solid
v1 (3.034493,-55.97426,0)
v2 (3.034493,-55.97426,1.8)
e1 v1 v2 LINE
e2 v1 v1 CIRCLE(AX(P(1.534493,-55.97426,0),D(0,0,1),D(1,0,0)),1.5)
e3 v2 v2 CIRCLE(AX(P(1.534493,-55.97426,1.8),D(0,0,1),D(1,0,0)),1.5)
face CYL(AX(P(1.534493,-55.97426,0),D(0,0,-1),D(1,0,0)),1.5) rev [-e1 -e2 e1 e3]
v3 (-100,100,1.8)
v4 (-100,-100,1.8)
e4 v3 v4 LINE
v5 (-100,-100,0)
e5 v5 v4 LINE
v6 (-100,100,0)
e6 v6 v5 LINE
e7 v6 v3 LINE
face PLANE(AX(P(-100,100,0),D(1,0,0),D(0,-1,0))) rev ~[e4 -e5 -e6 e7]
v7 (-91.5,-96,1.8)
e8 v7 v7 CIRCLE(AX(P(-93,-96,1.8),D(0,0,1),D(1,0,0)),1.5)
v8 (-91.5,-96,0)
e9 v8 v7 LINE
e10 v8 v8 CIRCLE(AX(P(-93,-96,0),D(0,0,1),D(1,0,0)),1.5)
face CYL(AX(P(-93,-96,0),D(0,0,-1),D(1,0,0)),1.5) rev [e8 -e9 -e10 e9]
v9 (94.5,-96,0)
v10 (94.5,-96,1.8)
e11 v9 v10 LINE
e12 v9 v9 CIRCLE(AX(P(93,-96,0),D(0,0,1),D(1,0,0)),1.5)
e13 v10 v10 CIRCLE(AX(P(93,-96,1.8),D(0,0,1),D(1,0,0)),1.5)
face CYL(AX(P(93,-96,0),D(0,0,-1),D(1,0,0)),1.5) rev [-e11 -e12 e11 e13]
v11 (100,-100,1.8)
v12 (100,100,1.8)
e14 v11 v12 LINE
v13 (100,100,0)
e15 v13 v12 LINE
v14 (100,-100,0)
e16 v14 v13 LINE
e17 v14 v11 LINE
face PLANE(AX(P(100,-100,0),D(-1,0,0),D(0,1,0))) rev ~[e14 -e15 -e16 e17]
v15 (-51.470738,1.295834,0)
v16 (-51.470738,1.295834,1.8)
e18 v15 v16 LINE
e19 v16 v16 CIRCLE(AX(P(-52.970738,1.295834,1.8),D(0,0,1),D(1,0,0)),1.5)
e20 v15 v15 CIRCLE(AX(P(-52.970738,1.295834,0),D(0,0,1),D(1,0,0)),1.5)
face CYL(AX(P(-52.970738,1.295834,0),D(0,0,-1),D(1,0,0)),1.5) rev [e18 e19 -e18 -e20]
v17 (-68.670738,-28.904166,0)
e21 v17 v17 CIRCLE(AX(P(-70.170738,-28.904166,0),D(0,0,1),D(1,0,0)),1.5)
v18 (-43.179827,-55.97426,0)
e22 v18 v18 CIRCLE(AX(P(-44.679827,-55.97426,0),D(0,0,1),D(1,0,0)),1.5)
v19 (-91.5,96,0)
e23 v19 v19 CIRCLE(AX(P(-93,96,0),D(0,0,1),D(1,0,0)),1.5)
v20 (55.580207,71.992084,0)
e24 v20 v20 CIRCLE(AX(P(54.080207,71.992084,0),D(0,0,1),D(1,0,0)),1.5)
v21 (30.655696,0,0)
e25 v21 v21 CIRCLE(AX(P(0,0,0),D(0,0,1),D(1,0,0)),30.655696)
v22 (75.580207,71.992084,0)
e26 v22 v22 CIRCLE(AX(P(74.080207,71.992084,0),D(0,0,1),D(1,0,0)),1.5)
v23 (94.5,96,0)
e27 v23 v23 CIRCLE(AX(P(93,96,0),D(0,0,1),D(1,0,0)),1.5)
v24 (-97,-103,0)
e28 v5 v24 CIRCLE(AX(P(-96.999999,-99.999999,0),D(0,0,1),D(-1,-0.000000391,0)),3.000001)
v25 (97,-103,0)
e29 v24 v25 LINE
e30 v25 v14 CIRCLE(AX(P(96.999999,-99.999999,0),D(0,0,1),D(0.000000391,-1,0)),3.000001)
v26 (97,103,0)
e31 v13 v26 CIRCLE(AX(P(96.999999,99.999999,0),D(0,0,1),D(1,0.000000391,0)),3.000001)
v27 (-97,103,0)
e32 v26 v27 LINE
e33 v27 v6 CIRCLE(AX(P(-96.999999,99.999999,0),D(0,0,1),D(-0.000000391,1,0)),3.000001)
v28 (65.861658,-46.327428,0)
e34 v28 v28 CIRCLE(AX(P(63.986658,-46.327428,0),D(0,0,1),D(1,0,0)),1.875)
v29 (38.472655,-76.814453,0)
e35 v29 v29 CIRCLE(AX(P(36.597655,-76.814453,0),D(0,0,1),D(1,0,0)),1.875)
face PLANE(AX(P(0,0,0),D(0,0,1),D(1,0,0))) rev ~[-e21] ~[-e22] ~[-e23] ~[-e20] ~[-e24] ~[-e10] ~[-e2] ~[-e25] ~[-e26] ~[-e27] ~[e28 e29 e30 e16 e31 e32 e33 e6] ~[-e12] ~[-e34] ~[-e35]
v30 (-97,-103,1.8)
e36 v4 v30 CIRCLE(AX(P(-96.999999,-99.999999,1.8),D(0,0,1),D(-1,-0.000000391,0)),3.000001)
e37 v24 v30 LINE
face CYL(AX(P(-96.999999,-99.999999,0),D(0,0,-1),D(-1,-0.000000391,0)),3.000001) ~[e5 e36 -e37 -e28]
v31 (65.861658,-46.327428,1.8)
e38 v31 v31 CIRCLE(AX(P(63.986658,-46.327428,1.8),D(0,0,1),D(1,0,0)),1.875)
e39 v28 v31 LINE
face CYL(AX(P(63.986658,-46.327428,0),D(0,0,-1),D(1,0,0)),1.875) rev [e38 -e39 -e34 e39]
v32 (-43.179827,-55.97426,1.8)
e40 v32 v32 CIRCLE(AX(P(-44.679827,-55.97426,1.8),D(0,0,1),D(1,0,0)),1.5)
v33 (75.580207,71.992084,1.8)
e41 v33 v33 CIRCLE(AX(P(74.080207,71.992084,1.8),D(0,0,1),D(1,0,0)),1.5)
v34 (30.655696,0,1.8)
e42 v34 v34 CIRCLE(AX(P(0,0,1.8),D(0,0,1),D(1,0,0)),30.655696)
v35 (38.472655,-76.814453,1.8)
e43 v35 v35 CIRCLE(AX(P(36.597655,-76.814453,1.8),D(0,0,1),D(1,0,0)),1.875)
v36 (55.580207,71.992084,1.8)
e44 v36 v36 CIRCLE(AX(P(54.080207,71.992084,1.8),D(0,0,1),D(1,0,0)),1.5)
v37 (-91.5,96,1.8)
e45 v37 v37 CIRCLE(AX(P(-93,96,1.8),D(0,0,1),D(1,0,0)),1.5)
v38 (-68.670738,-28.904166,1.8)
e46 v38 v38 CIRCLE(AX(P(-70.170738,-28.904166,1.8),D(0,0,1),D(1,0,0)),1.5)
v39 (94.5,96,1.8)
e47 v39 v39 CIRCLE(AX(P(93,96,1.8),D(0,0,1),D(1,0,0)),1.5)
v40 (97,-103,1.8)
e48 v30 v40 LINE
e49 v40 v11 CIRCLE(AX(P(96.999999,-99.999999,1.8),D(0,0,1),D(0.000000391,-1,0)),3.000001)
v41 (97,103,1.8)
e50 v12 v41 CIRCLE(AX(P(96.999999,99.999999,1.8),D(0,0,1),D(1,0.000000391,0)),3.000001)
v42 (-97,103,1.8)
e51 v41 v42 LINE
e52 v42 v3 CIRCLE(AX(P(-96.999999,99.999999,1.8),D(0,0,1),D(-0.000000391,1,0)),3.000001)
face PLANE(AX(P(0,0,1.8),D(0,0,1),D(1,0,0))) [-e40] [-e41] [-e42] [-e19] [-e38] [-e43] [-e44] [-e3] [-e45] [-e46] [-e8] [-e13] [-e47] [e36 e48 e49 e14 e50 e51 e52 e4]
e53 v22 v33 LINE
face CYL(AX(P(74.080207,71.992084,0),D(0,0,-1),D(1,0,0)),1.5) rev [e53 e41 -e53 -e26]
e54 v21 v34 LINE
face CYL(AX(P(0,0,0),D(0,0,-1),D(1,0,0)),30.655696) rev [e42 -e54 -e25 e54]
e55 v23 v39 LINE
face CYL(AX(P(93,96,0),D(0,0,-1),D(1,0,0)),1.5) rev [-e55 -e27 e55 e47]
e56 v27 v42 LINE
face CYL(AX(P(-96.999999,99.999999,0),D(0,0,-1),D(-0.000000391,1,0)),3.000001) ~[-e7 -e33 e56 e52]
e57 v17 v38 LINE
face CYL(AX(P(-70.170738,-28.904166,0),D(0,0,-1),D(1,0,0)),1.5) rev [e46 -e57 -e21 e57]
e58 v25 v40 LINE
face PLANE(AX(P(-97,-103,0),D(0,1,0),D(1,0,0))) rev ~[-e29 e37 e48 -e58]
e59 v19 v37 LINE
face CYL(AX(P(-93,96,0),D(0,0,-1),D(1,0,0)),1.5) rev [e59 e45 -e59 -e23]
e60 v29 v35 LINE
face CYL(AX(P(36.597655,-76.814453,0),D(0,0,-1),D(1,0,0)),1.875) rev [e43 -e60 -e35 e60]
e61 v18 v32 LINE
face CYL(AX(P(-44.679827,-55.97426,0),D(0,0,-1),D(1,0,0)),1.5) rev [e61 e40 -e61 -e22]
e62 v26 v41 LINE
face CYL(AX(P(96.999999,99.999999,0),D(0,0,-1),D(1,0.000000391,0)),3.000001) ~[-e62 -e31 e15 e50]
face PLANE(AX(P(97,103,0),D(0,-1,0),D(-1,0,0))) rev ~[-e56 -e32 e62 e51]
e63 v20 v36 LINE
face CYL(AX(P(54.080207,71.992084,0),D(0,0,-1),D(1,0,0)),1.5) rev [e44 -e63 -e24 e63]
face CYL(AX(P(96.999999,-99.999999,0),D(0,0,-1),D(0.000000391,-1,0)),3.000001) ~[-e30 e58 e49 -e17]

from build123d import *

# Parameters (mm, degrees)
F0_R     = 1.5
F0_R_2   = 1.875
F0_R_3   = 30.655696
F1_DEPTH = 1.8


with BuildPart() as f1:
    # F0 (on Top) → F1 (new body)
    with BuildSketch(Plane.XY):
        with BuildLine():
            Line((-97, -103), (97, -103))
            ThreePointArc((97, -103), (99.12132, -102.12132), (100, -100))
            Line((100, -100), (100, 100))
            ThreePointArc((100, 100), (99.12132, 102.12132), (97, 103))
            Line((97, 103), (-97, 103))
            ThreePointArc((-97, 103), (-99.12132, 102.12132), (-100, 100))
            Line((-100, 100), (-100, -100))
            ThreePointArc((-100, -100), (-99.12132, -102.12132), (-97, -103))
        make_face()
        with Locations((-93, -96)):
            Circle(F0_R, mode=Mode.SUBTRACT)
        with Locations((-44.679827, -55.97426)):
            Circle(F0_R, mode=Mode.SUBTRACT)
        with Locations((-70.170738, -28.904166)):
            Circle(F0_R, mode=Mode.SUBTRACT)
        with Locations((1.534493, -55.97426)):
            Circle(F0_R, mode=Mode.SUBTRACT)
        with Locations((36.597655, -76.814453)):
            Circle(F0_R_2, mode=Mode.SUBTRACT)
        with Locations((93, -96)):
            Circle(F0_R, mode=Mode.SUBTRACT)
        with Locations((63.986658, -46.327428)):
            Circle(F0_R_2, mode=Mode.SUBTRACT)
        with Locations((-52.970738, 1.295834)):
            Circle(F0_R, mode=Mode.SUBTRACT)
        with Locations((-93, 96)):
            Circle(F0_R, mode=Mode.SUBTRACT)
        Circle(F0_R_3, mode=Mode.SUBTRACT)
        with Locations((54.080207, 71.992084)):
            Circle(F0_R, mode=Mode.SUBTRACT)
        with Locations((74.080207, 71.992084)):
            Circle(F0_R, mode=Mode.SUBTRACT)
        with Locations((93, 96)):
            Circle(F0_R, mode=Mode.SUBTRACT)
    extrude(amount=F1_DEPTH)


solid = f1.part
